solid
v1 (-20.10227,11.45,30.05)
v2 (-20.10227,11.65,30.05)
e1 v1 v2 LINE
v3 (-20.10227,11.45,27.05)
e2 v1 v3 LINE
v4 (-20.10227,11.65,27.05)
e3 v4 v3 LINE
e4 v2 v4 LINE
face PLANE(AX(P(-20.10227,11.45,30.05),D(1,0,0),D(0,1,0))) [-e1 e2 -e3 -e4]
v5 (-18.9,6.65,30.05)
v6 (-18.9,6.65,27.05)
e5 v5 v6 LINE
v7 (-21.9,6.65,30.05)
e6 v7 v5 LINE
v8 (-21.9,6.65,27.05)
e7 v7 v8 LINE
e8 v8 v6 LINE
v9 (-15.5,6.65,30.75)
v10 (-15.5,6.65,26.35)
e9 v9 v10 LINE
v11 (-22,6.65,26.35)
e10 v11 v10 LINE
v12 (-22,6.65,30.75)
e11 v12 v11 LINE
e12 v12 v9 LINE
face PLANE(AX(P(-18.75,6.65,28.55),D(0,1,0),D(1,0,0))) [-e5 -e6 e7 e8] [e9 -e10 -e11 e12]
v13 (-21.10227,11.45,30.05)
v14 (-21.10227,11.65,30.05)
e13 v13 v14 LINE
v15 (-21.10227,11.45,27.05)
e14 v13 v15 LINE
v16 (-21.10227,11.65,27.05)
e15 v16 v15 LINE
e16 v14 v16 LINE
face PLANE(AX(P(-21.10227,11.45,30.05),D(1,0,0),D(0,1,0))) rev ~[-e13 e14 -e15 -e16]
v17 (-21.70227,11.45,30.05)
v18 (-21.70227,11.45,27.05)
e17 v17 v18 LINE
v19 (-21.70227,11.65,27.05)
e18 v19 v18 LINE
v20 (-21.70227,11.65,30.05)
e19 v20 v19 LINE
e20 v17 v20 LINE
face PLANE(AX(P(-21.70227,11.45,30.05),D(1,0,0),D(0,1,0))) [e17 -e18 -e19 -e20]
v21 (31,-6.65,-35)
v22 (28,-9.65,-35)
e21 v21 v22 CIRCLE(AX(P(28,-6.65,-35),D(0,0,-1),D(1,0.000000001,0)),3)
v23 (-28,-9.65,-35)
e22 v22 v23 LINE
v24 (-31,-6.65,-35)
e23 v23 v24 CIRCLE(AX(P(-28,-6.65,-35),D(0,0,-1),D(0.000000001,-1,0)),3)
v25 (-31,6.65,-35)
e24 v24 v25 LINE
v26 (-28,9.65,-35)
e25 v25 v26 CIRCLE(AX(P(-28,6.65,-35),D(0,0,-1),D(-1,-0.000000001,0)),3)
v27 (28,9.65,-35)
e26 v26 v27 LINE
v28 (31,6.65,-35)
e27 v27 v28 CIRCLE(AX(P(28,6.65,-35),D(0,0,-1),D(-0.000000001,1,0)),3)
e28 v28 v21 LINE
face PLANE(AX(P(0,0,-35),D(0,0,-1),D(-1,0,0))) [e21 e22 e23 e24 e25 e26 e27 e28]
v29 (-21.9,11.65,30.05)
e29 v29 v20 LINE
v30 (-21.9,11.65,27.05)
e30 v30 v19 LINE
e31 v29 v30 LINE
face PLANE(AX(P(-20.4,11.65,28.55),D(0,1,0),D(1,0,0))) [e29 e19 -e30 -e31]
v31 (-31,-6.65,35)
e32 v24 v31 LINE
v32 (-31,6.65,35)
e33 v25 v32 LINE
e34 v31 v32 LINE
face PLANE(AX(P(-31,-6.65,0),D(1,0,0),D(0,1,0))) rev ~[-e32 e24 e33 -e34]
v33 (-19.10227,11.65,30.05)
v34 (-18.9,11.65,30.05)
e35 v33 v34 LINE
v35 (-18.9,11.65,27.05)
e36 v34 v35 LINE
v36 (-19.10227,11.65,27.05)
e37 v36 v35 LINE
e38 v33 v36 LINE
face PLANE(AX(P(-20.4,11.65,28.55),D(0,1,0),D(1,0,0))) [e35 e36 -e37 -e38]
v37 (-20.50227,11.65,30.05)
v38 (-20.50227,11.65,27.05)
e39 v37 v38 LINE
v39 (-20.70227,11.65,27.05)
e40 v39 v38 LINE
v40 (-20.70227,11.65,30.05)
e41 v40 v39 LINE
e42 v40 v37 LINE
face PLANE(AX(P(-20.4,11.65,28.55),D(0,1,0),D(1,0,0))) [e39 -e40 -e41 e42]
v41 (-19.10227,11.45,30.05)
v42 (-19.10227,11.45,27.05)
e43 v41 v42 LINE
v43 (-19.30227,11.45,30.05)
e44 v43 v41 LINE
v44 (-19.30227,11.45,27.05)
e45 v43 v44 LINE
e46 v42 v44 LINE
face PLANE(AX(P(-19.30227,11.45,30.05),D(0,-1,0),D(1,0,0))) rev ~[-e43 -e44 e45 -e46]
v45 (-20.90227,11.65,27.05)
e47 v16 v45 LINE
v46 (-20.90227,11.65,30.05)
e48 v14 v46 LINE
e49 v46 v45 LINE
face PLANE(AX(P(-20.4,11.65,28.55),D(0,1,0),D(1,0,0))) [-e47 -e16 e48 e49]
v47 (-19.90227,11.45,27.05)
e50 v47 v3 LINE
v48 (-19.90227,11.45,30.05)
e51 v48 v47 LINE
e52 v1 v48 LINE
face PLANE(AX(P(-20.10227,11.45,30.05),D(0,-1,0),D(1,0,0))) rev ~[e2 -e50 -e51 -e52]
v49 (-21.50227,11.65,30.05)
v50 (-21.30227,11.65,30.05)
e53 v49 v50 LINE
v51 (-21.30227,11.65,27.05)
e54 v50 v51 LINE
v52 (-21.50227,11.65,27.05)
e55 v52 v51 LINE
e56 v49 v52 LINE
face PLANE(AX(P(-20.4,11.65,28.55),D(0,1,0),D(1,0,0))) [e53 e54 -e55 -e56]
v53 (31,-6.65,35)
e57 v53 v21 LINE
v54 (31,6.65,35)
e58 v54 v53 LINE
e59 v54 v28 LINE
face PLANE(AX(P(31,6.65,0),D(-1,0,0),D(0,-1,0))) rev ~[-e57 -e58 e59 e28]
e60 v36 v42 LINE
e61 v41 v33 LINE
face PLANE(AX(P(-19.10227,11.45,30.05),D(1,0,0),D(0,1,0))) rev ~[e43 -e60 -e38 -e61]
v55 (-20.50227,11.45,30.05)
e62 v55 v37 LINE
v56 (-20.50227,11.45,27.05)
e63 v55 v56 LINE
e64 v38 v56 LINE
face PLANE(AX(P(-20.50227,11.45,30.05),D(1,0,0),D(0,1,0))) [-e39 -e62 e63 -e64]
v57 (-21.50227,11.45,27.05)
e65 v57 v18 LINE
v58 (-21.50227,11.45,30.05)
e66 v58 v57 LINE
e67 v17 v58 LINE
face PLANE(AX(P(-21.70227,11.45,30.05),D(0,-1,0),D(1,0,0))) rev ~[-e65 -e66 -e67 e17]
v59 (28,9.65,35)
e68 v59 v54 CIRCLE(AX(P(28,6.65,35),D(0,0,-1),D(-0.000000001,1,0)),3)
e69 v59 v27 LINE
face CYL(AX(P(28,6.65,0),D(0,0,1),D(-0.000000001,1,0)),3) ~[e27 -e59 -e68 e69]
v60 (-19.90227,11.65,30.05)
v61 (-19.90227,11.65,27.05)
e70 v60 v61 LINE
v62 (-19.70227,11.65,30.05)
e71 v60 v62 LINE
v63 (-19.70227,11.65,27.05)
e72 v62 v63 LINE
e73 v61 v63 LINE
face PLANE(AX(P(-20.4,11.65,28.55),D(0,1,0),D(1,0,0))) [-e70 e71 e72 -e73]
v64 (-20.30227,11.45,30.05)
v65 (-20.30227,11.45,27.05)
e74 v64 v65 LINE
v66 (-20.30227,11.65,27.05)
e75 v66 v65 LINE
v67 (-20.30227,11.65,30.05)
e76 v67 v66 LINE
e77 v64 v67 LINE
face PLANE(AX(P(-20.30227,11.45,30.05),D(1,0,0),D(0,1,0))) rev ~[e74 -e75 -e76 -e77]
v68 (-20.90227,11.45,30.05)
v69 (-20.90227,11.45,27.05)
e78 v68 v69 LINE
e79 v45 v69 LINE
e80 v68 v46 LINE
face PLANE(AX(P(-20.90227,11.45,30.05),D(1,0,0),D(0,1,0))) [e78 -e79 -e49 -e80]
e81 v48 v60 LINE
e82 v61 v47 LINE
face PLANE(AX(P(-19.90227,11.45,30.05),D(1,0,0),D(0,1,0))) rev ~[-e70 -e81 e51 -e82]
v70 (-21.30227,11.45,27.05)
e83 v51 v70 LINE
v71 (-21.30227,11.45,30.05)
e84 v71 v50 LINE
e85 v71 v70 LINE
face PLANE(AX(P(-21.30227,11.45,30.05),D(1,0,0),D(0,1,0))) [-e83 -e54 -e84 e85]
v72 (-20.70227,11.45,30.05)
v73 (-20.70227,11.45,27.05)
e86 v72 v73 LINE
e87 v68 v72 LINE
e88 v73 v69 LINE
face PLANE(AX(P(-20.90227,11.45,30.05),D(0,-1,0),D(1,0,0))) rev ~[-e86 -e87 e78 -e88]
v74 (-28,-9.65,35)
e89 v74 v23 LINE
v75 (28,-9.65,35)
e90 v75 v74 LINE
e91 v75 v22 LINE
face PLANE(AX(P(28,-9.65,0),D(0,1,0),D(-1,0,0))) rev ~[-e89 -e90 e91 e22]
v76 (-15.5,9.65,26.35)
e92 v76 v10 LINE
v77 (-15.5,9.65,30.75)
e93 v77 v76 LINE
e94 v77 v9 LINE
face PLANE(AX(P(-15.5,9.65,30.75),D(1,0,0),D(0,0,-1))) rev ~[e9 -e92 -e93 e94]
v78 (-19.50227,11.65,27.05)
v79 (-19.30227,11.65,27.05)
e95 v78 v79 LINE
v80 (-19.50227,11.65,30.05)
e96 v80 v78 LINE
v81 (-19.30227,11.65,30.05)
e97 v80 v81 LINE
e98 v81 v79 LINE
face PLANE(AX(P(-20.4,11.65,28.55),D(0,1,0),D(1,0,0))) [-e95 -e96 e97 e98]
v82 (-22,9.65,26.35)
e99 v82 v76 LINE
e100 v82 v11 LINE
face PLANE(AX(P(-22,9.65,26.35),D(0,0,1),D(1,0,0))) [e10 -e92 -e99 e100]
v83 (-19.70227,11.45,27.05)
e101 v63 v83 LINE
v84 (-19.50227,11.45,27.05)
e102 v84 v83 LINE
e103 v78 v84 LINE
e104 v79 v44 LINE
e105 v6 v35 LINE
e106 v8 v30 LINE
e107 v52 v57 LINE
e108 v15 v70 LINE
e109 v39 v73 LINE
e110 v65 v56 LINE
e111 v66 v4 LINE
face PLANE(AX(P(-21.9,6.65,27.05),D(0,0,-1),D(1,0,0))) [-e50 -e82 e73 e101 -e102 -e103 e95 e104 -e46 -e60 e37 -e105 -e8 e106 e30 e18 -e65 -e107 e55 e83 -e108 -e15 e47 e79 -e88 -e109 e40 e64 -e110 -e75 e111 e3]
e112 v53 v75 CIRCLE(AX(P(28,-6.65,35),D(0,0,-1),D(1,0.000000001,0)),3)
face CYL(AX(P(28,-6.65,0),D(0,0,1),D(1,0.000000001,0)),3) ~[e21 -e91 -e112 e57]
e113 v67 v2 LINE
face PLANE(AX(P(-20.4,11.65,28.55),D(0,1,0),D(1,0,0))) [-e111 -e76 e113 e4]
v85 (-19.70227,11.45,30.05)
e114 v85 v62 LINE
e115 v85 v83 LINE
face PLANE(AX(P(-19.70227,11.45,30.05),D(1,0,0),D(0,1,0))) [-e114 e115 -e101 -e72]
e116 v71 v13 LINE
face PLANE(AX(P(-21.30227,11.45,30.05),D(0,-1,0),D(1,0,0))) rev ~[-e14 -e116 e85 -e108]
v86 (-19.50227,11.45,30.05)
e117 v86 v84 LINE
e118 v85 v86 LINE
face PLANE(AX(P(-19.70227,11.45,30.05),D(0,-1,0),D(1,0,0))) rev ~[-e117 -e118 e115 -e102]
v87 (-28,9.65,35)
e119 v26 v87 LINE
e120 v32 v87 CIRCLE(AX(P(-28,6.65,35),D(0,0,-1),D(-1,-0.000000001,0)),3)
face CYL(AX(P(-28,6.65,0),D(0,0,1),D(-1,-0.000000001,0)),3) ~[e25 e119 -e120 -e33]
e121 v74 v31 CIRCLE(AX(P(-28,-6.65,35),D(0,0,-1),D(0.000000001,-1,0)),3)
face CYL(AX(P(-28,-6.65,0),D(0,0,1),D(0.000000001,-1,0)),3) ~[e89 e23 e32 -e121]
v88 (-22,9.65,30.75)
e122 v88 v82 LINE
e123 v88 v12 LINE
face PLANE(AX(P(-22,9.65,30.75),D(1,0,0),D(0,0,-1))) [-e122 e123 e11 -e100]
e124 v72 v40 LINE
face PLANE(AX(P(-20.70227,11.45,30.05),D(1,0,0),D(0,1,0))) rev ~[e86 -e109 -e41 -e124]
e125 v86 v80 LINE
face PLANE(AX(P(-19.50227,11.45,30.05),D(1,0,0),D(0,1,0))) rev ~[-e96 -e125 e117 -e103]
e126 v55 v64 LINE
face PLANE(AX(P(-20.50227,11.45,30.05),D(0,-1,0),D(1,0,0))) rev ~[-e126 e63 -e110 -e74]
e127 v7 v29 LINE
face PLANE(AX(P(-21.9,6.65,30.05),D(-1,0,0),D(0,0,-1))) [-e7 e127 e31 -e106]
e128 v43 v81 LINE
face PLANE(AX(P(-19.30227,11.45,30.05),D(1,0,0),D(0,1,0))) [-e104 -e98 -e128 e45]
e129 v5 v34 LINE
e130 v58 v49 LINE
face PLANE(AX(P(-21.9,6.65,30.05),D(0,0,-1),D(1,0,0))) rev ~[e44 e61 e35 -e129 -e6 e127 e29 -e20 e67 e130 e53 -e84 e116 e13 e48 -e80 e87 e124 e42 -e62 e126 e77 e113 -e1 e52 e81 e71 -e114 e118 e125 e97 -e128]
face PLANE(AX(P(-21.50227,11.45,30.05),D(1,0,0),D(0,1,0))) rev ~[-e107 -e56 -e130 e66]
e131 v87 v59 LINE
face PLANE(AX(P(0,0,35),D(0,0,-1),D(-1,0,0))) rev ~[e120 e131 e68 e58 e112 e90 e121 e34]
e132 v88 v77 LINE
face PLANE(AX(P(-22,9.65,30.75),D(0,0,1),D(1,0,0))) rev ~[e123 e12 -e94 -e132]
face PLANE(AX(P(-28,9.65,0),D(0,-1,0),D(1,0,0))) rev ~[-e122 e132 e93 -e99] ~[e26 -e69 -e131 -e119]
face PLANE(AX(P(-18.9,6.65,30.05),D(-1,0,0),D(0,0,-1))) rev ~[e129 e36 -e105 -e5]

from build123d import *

# Parameters (mm, degrees)
BOSS_EXTRUDE1_DEPTH = 35
SKETCH2_W           = 6.5
SKETCH2_H           = 4.4
CUT_EXTRUDE1_DEPTH  = 3
SKETCH3_W           = 3
SKETCH3_H           = 3
BOSS_EXTRUDE2_DEPTH = 5
SKETCH4_W           = 0.2
SKETCH4_H           = 0.2
CUT_EXTRUDE2_DEPTH  = 73.994691588


with BuildPart() as part:
    # Sketch1 → Boss-Extrude1 (new, symmetric)
    with BuildSketch(Plane.XY):
        with BuildLine():
            Line((-28, 9.65), (28, 9.65))
            ThreePointArc((28, 9.65), (30.121320344, 8.771320344), (31, 6.65))
            Line((31, 6.65), (31, -6.65))
            ThreePointArc((31, -6.65), (30.121320344, -8.771320344), (28, -9.65))
            Line((28, -9.65), (-28, -9.65))
            ThreePointArc((-28, -9.65), (-30.121320344, -8.771320344), (-31, -6.65))
            Line((-31, -6.65), (-31, 6.65))
            ThreePointArc((-31, 6.65), (-30.121320344, 8.771320344), (-28, 9.65))
        make_face()
    extrude(amount=BOSS_EXTRUDE1_DEPTH, both=True)

    # Sketch2 → Cut-Extrude1 (cut)
    with BuildSketch(Plane(origin=(0, 9.65, 0), x_dir=(1, 0, 0), z_dir=(0, 1, 0))):
        with Locations((-18.75, -28.55)):
            Rectangle(SKETCH2_W, SKETCH2_H)
    extrude(amount=-CUT_EXTRUDE1_DEPTH, mode=Mode.SUBTRACT)

    # Sketch3 → Boss-Extrude2 (add)
    with BuildSketch(Plane(origin=(0, 6.65, 0), x_dir=(1, 0, 0), z_dir=(0, 1, 0))):
        with Locations((-20.4, -28.55)):
            Rectangle(SKETCH3_W, SKETCH3_H)
    extrude(amount=BOSS_EXTRUDE2_DEPTH)

    # Sketch4 → Cut-Extrude2 (cut, through all)
    with BuildSketch(Plane.XY.offset(30.05)):
        with Locations((-21.602270094, 11.55)):
            Rectangle(SKETCH4_W, SKETCH4_H)
        with Locations((-21.202270094, 11.55)):
            Rectangle(SKETCH4_W, SKETCH4_H)
        with Locations((-20.802270094, 11.55)):
            Rectangle(SKETCH4_W, SKETCH4_H)
        with Locations((-20.402270094, 11.55)):
            Rectangle(SKETCH4_W, SKETCH4_H)
        with Locations((-20.002270094, 11.55)):
            Rectangle(SKETCH4_W, SKETCH4_H)
        with Locations((-19.602270094, 11.55)):
            Rectangle(SKETCH4_W, SKETCH4_H)
        with Locations((-19.202270094, 11.55)):
            Rectangle(SKETCH4_W, SKETCH4_H)
    extrude(amount=-CUT_EXTRUDE2_DEPTH, mode=Mode.SUBTRACT)


solid = part.part
